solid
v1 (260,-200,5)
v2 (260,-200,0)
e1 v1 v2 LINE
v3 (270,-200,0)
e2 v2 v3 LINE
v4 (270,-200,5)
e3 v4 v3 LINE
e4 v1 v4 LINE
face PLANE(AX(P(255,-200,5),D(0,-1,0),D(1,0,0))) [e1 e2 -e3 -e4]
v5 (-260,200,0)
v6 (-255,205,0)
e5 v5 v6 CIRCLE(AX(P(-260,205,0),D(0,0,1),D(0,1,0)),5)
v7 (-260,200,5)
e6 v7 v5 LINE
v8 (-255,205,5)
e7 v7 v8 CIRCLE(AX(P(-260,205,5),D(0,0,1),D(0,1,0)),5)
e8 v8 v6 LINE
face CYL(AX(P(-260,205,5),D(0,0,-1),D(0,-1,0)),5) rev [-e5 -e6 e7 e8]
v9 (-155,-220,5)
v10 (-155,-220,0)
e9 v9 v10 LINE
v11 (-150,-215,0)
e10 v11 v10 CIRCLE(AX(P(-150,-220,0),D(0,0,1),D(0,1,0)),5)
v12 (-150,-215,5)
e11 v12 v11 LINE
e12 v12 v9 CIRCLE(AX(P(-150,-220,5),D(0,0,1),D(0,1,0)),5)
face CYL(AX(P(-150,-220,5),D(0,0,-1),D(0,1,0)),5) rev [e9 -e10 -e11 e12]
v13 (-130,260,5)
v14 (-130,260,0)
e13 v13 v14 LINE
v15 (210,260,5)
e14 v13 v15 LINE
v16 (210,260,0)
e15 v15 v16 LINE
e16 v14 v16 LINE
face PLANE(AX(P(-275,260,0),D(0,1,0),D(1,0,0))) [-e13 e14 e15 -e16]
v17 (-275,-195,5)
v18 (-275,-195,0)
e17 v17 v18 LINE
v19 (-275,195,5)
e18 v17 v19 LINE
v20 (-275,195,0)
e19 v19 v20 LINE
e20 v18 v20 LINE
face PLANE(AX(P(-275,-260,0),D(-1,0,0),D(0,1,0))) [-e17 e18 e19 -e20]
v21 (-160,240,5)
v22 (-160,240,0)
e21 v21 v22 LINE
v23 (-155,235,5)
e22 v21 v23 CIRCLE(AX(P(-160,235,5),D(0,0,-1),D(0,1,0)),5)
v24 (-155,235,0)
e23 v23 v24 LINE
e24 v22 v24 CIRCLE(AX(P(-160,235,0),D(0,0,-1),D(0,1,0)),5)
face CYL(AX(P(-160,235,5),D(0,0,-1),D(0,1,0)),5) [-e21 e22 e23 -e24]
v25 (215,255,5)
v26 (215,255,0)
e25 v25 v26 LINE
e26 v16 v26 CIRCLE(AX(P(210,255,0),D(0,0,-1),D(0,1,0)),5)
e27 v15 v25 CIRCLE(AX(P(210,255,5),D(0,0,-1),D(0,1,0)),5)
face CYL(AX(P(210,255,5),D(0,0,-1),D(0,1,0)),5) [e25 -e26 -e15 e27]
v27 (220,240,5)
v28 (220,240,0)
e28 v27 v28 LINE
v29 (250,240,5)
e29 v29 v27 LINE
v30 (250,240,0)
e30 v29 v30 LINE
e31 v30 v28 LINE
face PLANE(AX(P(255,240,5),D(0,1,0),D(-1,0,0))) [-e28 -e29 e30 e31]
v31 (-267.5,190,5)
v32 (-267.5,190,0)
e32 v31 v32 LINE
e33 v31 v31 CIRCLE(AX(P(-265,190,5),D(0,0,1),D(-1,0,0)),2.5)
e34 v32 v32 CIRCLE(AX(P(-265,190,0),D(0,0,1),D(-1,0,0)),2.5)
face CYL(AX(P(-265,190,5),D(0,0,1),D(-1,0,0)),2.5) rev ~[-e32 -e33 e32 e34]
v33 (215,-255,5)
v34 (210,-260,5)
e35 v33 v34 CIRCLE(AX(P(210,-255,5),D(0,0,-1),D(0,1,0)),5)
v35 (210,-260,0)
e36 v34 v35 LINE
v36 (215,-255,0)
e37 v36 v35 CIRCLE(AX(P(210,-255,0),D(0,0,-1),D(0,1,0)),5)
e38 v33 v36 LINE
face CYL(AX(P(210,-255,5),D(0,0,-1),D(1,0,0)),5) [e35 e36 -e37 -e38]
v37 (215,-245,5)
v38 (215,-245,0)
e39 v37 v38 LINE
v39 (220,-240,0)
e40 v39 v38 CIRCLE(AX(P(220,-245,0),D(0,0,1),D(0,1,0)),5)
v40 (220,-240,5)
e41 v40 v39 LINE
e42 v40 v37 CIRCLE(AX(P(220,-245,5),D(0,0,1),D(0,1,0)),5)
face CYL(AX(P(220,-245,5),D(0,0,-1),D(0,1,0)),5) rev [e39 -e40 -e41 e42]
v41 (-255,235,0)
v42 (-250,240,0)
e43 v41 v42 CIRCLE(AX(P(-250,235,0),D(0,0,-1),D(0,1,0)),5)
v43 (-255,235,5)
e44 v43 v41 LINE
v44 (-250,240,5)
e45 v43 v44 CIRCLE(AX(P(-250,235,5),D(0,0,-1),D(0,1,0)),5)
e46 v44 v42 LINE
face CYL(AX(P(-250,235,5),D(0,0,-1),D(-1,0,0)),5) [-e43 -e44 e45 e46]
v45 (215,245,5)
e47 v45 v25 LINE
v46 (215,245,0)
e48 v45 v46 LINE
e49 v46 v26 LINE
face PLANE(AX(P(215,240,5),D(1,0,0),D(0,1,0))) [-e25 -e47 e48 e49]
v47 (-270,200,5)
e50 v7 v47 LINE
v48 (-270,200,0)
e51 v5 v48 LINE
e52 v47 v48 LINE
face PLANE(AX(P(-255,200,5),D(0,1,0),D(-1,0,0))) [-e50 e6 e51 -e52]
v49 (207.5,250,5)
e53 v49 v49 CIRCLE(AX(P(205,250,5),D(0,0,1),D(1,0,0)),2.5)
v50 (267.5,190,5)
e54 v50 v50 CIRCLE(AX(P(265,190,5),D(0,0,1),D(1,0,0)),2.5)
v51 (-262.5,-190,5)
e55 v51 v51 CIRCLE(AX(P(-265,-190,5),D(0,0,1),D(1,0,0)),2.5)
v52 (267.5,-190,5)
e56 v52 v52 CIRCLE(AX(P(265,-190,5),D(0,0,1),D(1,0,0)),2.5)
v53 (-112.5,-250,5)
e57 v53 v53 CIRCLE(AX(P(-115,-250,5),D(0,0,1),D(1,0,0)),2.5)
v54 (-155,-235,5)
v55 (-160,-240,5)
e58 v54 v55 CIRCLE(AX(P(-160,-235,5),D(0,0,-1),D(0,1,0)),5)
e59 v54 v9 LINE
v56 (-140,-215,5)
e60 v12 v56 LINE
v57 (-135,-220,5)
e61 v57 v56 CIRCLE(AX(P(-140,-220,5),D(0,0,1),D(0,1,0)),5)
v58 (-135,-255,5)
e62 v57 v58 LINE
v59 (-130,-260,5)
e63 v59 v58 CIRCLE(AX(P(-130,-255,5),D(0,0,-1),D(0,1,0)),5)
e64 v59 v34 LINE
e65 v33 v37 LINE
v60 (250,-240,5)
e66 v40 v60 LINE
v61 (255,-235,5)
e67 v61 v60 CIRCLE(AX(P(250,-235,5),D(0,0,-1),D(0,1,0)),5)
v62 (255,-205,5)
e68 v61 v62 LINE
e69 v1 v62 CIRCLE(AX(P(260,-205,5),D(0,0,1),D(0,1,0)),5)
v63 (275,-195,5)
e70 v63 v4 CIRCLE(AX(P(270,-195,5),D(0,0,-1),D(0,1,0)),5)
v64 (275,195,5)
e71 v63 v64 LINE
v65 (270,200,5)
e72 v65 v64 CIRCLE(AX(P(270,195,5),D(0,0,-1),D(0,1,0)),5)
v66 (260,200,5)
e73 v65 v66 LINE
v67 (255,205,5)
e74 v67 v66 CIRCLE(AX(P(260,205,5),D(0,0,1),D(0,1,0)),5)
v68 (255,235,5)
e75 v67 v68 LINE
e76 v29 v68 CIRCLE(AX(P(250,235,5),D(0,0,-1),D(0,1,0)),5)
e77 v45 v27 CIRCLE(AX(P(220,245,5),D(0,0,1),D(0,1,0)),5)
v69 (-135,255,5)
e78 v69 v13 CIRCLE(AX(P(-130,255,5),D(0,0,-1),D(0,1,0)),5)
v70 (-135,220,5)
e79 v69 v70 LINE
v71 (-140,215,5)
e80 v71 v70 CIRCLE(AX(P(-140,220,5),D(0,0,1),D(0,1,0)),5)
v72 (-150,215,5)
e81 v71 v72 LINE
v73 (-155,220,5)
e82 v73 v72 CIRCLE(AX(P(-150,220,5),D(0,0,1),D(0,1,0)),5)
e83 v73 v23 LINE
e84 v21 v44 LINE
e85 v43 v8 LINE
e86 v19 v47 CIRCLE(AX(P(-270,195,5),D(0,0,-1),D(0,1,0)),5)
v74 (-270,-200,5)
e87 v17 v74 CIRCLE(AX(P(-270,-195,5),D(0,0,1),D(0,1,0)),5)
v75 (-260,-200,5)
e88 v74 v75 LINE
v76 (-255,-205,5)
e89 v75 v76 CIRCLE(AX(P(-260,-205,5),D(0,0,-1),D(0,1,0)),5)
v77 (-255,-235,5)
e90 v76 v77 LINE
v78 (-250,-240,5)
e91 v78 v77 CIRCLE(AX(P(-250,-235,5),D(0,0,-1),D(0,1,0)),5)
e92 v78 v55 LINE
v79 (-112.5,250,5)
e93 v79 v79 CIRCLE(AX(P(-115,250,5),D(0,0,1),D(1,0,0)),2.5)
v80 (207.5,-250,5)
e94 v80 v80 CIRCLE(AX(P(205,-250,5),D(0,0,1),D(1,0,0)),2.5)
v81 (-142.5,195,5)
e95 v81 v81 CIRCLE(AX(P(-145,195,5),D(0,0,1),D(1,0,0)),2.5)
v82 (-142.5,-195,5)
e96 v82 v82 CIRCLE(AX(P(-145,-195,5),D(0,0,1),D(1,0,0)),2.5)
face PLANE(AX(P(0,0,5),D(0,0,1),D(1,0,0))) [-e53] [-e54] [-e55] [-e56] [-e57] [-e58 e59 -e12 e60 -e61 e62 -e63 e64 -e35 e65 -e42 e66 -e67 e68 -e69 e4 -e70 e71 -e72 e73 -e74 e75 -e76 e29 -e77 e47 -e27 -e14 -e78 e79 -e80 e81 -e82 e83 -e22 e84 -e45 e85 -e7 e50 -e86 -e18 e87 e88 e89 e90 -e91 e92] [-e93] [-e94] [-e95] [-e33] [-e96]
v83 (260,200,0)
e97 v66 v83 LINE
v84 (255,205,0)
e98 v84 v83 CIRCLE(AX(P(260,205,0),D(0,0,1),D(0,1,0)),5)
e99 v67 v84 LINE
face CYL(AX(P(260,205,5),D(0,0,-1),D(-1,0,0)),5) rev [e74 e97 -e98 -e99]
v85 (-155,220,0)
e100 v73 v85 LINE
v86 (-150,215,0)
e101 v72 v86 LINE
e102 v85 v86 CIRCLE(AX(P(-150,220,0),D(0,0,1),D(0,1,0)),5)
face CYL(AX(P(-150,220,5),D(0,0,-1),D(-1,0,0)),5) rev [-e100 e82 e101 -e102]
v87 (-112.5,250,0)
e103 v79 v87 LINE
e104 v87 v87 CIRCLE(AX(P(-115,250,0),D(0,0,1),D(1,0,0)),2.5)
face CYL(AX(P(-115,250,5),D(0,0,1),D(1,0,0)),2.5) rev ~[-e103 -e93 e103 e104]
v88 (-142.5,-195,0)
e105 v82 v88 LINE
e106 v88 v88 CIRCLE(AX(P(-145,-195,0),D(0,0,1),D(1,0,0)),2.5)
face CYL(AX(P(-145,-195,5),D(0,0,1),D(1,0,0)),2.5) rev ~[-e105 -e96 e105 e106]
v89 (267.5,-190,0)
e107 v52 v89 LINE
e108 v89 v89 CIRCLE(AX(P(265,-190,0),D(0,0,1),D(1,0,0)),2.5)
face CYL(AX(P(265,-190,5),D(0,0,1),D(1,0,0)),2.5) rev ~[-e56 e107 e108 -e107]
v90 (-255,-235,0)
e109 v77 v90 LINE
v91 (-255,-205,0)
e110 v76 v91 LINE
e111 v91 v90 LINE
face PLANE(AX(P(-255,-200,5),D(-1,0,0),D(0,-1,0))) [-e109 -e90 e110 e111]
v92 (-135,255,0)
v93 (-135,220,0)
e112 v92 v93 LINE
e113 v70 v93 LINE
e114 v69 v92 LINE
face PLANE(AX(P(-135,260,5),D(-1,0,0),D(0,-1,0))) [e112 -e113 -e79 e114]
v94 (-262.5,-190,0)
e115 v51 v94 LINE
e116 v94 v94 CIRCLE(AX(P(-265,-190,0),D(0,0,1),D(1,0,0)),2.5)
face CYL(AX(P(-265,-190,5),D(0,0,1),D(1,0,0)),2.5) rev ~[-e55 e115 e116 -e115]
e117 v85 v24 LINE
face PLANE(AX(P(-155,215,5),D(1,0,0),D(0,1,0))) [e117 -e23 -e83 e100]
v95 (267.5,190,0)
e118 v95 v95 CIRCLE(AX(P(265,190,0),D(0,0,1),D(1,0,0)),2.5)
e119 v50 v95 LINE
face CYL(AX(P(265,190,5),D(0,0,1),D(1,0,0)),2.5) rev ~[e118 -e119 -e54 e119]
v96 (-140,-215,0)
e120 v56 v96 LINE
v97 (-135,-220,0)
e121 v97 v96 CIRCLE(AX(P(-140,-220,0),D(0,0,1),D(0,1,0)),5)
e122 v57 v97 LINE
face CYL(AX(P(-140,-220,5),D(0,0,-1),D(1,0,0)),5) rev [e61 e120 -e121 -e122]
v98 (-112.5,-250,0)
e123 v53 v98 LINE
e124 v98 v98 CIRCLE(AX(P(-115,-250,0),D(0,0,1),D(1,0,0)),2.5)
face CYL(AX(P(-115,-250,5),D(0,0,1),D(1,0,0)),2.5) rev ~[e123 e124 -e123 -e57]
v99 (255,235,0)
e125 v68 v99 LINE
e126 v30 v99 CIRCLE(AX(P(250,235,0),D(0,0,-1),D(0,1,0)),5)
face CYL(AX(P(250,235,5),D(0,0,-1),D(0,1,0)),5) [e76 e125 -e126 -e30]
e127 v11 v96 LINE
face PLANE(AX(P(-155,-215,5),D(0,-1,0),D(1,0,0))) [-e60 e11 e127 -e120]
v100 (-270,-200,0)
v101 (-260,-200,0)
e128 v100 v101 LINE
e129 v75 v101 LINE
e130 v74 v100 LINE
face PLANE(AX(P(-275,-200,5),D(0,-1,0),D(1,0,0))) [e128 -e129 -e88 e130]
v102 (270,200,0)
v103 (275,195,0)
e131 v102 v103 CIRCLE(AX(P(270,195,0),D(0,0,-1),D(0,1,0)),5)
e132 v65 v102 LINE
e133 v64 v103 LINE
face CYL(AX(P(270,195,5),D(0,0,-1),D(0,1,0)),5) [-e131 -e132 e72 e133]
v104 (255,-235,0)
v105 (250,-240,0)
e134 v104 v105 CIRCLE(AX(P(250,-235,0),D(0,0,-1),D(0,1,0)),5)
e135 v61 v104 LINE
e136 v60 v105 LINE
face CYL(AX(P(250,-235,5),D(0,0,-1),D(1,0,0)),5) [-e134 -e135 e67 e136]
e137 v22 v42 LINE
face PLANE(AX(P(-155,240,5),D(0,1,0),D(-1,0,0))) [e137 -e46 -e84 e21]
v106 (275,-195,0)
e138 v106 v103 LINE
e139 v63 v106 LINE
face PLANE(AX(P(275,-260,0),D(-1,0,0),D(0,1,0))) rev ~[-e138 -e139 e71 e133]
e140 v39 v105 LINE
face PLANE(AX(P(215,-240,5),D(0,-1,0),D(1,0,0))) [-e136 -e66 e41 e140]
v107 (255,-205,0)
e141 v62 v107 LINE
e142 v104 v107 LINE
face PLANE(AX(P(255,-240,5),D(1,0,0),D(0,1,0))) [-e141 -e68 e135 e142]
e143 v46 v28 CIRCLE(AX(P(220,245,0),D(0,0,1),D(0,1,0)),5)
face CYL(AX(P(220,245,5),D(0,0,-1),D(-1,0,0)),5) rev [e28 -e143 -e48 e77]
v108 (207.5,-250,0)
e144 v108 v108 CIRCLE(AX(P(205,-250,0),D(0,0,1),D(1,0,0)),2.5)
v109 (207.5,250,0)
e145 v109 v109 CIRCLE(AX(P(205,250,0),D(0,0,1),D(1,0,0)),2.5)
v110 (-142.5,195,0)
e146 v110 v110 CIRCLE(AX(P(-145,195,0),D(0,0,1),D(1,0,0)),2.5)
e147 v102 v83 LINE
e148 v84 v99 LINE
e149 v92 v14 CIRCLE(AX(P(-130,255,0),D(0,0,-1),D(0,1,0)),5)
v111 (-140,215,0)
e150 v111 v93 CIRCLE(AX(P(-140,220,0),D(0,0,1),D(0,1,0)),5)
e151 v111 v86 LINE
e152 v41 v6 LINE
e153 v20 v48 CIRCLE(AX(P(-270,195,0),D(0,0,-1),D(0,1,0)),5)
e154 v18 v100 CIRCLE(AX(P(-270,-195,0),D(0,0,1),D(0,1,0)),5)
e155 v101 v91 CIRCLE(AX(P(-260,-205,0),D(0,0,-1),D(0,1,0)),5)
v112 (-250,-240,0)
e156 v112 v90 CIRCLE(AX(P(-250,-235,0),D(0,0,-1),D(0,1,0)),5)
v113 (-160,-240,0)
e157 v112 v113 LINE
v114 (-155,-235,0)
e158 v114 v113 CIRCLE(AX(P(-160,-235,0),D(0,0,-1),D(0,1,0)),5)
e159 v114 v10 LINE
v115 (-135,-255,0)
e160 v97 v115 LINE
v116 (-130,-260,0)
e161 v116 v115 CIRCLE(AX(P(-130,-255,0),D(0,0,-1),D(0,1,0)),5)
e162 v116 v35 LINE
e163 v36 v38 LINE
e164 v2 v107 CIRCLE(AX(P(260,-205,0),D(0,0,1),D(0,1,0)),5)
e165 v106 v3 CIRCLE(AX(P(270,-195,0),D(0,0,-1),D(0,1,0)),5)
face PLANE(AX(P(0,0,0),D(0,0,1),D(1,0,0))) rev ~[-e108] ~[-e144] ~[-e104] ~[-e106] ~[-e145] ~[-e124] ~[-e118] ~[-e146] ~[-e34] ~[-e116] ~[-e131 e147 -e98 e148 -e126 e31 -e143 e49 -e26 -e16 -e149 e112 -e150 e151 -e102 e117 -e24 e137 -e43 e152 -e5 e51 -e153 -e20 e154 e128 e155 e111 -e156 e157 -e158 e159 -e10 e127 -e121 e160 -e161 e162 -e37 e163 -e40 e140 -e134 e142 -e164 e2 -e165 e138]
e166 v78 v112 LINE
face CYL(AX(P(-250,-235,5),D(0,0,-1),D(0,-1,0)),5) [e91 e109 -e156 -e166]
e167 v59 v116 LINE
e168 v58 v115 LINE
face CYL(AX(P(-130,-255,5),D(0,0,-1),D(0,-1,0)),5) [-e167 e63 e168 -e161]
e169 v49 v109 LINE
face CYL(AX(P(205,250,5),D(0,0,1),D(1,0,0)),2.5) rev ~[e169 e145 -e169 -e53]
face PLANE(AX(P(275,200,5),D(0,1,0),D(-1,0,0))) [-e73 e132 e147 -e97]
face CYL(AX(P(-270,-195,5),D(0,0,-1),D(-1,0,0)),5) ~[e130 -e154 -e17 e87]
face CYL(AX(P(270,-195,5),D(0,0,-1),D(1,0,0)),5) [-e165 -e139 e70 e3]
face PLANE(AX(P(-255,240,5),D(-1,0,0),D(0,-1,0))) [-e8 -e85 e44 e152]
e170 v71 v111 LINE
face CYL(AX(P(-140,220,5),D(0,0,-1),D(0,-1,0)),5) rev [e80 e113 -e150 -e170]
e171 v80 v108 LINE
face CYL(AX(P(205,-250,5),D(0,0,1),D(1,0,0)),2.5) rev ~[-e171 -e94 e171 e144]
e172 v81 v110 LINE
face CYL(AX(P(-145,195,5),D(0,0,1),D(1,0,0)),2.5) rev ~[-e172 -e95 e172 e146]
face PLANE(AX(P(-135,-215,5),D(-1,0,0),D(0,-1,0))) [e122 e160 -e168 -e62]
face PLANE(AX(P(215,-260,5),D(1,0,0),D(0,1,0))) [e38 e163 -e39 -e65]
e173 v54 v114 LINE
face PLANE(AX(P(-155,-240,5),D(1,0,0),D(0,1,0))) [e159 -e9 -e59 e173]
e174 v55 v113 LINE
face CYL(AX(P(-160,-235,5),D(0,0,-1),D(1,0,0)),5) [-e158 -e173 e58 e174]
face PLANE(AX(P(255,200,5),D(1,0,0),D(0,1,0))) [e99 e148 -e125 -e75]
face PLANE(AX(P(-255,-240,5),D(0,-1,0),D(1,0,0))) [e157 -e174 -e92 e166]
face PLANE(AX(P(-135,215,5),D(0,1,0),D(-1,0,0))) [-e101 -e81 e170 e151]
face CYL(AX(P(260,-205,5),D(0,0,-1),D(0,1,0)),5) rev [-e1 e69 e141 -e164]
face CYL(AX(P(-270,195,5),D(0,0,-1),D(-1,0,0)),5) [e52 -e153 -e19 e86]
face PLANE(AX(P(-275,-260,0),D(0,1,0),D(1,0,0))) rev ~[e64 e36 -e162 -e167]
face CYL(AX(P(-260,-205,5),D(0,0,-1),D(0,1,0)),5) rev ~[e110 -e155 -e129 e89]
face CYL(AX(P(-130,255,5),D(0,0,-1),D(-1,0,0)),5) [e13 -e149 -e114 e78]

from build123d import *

# Parameters (mm, degrees)
SKETCH_1_W          = 550
SKETCH_1_H          = 520
EXTRUDE_1_DEPTH     = 5
SKETCH_2_R          = 2.5
CUT_EXTRUDE_1_DEPTH = 379.483817356
FILLET_1_R          = 5


with BuildPart() as part:
    # 草图1 → 凸台-拉伸1 (new body)
    with BuildSketch(Plane.XY):
        Rectangle(SKETCH_1_W, SKETCH_1_H)
    extrude(amount=EXTRUDE_1_DEPTH)

    # 草图2 → 切除-拉伸1 (cut, through all)
    with BuildSketch(Plane.XY.offset(5)):
        with Locations((205, 250)):
            Circle(SKETCH_2_R)
        with Locations((265, 190)):
            Circle(SKETCH_2_R)
        with Locations((-265, -190)):
            Circle(SKETCH_2_R)
        with Locations((205, -250)):
            Circle(SKETCH_2_R)
        with Locations((265, -190)):
            Circle(SKETCH_2_R)
        with Locations(Location((-265, 190, 0), (0, 0, 180))):
            Circle(SKETCH_2_R)
        with Locations((-115, 250)):
            Circle(SKETCH_2_R)
        with Locations((-115, -250)):
            Circle(SKETCH_2_R)
        with Locations((-145, -195)):
            Circle(SKETCH_2_R)
        with Locations((-145, 195)):
            Circle(SKETCH_2_R)
        Polygon((255, 240), (215, 240), (215, 260), (275, 260), (275, 200), (255, 200), align=None)
        Polygon((-255, -240), (-155, -240), (-155, -215), (-135, -215), (-135, -260), (-275, -260), (-275, -200), (-255, -200), align=None)
        Polygon((255, -240), (255, -200), (275, -200), (275, -260), (215, -260), (215, -240), align=None)
        Polygon((-275, 260), (-135, 260), (-135, 215), (-155, 215), (-155, 240), (-255, 240), (-255, 200), (-275, 200), align=None)
    extrude(amount=-CUT_EXTRUDE_1_DEPTH, mode=Mode.SUBTRACT)

    # 圆角1
    fillet_1_edges = [part.edges().sort_by_distance(p)[0] for p in [
        (215, -260, 2.5),
        (215, -240, 2.5),
        (255, -240, 2.5),
        (255, -200, 2.5),
        (275, -200, 2.5),
        (275, 200, 2.5),
        (255, 200, 2.5),
        (255, 240, 2.5),
        (215, 240, 2.5),
        (215, 260, 2.5),
        (-275, 200, 2.5),
        (-135, 260, 2.5),
        (-135, 215, 2.5),
        (-155, 215, 2.5),
        (-155, 240, 2.5),
        (-255, 240, 2.5),
        (-255, 200, 2.5),
        (-275, -200, 2.5),
        (-255, -200, 2.5),
        (-255, -240, 2.5),
        (-155, -240, 2.5),
        (-155, -215, 2.5),
        (-135, -215, 2.5),
        (-135, -260, 2.5),
    ]]
    fillet(fillet_1_edges, radius=FILLET_1_R)


solid = part.part
